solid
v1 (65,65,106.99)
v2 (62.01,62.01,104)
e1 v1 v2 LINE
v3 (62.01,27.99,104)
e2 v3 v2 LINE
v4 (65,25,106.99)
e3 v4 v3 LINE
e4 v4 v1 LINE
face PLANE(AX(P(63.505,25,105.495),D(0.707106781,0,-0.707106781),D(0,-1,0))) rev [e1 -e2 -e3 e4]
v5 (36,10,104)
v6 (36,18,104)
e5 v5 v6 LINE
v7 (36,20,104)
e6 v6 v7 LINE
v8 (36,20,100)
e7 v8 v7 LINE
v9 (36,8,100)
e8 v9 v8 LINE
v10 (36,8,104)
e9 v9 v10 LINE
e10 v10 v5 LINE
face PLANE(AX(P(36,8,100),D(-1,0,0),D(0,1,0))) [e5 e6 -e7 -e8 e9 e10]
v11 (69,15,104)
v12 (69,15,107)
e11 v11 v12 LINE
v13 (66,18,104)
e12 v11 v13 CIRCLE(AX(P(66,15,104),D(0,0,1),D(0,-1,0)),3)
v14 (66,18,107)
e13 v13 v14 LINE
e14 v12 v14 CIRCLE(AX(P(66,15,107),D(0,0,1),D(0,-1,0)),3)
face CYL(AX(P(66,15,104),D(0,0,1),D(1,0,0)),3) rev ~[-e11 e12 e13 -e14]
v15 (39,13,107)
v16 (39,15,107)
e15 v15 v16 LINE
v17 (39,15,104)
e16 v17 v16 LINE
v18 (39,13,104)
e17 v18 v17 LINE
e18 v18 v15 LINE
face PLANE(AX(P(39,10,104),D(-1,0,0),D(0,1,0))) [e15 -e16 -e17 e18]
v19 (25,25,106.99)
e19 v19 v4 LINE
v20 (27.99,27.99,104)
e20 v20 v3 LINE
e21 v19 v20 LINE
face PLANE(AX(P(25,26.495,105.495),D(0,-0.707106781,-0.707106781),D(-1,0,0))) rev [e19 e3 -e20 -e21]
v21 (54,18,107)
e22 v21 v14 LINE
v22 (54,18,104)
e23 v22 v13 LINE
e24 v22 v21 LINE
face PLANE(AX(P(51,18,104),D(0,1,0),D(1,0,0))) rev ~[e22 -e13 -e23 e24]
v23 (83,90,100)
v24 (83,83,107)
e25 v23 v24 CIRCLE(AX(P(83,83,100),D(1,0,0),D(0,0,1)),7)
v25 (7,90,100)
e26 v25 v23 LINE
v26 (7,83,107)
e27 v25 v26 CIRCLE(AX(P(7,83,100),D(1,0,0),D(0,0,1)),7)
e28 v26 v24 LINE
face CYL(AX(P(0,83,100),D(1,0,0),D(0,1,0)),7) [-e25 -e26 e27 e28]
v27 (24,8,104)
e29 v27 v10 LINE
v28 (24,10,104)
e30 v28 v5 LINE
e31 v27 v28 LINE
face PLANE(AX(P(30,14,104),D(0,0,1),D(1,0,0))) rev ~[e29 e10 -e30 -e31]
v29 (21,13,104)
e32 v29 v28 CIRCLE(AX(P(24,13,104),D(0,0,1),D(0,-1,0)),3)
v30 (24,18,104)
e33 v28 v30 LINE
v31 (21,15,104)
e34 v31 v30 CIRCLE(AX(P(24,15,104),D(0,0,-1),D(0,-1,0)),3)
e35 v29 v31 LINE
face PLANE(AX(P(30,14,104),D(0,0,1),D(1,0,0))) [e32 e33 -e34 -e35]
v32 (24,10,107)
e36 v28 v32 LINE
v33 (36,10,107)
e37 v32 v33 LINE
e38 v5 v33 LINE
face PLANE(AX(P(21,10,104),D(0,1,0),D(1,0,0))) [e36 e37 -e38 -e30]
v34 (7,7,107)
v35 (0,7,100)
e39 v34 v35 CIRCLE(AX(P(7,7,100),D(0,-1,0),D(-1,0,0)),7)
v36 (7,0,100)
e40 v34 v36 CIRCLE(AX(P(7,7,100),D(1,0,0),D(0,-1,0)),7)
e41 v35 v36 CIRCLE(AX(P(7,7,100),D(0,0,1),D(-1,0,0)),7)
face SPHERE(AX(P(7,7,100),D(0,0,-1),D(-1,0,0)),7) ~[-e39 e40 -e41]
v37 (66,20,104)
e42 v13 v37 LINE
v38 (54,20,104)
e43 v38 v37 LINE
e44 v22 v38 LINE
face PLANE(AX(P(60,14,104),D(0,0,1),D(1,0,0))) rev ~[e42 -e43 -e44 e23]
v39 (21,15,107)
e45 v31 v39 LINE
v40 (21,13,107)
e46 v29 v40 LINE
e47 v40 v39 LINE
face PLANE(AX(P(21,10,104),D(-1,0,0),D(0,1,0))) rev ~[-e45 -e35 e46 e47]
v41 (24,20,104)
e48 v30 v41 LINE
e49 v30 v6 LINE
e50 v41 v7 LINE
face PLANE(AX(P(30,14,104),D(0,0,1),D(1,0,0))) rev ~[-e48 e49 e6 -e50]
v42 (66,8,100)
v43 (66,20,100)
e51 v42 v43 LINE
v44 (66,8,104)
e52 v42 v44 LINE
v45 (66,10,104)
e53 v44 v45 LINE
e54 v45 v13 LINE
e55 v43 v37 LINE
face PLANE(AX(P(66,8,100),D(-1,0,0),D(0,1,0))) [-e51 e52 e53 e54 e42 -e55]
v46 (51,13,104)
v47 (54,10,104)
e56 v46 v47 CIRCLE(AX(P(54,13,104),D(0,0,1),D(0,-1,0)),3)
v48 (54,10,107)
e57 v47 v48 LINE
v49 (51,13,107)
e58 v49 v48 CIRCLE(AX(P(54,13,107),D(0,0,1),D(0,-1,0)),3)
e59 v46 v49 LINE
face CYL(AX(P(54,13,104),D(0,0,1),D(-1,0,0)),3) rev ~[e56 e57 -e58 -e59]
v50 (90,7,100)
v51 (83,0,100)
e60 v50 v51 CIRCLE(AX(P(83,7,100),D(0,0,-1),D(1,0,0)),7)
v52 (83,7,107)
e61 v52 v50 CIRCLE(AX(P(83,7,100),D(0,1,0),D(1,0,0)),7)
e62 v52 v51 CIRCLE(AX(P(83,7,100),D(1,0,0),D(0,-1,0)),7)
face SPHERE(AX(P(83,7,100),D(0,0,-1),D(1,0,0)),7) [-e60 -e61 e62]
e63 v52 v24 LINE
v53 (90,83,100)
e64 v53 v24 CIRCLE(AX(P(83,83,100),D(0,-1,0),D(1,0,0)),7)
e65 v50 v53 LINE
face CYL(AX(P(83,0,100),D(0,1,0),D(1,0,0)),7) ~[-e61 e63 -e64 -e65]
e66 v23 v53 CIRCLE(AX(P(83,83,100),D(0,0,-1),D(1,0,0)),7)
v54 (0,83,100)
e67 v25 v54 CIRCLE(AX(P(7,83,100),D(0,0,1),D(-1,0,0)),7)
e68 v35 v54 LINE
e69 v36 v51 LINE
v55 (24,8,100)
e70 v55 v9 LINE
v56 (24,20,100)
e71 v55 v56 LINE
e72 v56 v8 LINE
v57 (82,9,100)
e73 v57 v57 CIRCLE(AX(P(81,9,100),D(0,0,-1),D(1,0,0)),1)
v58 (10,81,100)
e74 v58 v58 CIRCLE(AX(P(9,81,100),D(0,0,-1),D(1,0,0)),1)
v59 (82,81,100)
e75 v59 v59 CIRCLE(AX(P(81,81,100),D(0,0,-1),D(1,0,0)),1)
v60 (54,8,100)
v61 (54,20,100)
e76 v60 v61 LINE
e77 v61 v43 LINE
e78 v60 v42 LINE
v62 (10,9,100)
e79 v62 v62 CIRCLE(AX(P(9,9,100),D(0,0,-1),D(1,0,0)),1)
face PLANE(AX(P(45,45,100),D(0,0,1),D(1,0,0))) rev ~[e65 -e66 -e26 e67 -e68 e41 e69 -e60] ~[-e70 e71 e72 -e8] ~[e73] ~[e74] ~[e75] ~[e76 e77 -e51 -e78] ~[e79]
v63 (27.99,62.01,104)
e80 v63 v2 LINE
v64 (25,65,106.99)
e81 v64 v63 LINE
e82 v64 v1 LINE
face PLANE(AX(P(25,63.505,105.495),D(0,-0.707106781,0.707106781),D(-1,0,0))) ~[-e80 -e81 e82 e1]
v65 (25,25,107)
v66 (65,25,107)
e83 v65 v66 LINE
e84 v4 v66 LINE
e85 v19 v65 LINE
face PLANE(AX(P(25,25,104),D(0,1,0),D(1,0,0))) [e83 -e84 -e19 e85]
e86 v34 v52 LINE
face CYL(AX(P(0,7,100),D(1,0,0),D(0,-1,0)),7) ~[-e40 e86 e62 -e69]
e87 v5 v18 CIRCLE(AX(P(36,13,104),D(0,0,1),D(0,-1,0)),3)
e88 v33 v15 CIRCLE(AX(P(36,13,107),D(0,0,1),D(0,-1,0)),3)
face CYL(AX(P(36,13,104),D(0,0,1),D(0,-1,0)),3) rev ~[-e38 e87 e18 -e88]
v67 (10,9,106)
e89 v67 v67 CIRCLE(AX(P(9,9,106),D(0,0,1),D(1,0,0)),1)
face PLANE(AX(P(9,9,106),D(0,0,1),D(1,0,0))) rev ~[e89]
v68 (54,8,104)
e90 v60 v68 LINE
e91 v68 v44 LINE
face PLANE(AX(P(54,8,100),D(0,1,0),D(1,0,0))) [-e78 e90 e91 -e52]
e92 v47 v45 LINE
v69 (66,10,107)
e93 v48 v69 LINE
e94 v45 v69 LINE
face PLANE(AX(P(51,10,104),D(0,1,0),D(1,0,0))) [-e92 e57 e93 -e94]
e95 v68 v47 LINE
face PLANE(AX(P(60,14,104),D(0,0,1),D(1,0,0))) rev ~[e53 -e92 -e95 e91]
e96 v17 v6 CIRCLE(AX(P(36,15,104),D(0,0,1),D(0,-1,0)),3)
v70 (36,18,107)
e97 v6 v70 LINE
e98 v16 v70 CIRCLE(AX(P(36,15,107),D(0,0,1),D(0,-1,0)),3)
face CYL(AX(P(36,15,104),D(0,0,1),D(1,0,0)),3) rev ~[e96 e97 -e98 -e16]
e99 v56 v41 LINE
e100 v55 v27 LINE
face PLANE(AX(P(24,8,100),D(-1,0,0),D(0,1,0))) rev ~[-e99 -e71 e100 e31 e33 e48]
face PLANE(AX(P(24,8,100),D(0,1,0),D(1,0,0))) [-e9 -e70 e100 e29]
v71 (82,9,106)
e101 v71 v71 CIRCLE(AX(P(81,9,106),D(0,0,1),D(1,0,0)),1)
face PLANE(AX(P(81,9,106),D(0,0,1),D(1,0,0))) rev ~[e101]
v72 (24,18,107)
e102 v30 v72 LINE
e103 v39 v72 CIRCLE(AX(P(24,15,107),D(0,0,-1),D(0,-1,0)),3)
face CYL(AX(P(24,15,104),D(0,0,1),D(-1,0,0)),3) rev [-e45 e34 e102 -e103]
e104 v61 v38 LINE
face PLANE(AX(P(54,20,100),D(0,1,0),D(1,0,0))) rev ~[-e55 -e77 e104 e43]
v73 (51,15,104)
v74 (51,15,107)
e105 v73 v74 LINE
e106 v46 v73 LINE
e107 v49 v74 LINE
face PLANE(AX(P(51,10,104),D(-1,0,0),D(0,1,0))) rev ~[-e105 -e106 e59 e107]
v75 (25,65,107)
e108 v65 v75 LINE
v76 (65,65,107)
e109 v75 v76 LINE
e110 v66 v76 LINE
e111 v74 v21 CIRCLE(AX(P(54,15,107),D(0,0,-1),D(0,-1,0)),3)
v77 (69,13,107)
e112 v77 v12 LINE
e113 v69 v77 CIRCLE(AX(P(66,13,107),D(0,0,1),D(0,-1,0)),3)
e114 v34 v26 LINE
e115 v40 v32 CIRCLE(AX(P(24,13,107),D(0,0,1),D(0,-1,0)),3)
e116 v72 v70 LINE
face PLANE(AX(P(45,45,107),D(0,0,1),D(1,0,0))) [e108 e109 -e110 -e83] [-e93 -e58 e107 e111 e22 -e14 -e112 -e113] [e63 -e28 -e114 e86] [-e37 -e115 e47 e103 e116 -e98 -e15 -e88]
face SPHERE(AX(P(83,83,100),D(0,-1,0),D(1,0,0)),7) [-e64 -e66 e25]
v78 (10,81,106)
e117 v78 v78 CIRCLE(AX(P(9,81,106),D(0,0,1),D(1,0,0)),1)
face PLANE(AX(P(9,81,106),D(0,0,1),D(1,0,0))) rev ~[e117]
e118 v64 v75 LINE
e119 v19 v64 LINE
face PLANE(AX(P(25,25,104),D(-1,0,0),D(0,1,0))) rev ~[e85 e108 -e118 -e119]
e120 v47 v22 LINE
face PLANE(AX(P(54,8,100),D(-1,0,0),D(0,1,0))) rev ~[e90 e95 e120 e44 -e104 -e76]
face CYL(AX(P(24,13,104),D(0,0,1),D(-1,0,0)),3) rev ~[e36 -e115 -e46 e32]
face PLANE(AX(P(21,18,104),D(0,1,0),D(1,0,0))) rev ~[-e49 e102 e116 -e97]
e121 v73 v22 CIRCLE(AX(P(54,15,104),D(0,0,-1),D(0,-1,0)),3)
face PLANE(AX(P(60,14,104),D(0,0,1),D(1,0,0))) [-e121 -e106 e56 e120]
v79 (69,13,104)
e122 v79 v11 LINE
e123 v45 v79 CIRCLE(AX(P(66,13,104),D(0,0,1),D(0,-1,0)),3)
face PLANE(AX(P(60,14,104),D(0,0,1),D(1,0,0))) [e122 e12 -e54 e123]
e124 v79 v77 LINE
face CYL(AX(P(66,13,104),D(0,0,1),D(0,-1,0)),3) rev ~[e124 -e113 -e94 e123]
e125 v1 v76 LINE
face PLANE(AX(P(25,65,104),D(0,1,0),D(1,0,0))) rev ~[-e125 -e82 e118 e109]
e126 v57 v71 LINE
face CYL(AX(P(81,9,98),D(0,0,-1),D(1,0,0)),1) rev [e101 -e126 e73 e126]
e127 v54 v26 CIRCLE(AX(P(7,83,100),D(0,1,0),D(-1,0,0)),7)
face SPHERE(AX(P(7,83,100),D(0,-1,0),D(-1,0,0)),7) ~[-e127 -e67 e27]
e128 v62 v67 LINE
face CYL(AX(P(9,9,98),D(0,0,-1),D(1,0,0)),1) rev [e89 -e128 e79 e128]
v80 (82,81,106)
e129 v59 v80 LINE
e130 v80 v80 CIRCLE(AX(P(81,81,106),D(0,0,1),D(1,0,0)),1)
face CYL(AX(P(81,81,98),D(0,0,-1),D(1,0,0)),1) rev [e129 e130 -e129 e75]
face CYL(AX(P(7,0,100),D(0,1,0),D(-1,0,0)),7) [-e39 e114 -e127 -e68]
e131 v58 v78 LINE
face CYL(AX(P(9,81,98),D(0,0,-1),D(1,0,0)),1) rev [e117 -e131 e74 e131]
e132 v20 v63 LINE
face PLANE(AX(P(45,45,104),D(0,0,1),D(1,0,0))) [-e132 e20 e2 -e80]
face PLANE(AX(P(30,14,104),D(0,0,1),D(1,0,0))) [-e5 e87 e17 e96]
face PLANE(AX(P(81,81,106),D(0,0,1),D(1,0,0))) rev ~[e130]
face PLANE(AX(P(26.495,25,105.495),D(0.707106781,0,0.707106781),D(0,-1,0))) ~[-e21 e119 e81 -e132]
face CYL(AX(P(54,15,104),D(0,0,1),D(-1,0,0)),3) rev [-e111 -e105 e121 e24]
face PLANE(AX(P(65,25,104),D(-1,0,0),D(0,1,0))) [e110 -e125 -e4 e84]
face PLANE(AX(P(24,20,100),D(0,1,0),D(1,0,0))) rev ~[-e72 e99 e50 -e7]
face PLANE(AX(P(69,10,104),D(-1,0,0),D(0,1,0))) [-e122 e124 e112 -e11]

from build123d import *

# Parameters (mm, degrees)
BOX067_W          = 12
BOX067_H          = 12
BOX067_DEPTH      = 4
BOX069_W          = 18
BOX069_H          = 8
BOX069_DEPTH      = 3
FILLET031_R       = 3
BOX068_W          = 18
BOX068_H          = 8
BOX068_DEPTH      = 3
FILLET032_R       = 3
BOX066_W          = 12
BOX066_H          = 12
BOX066_DEPTH      = 4
CYLINDER053_R     = 1
CYLINDER053_DEPTH = 8
CYLINDER063_R     = 1
CYLINDER063_DEPTH = 8
CYLINDER060_R     = 1
CYLINDER060_DEPTH = 8
CYLINDER050_R     = 1
CYLINDER050_DEPTH = 8
BOX007_W          = 40
BOX007_H          = 40
BOX007_DEPTH      = 3
CHAMFER009_SIZE   = 2.99
BOX065_W          = 90
BOX065_H          = 90
BOX065_DEPTH      = 66
BOX063_W          = 82
BOX063_H          = 82
BOX063_DEPTH      = 75
FILLET030_R       = 6
BOX064_W          = 90
BOX064_H          = 90
BOX064_DEPTH      = 87
FILLET028_R       = 7


with BuildPart() as cube044:
    # Box067 → Box067 (new body)
    with BuildSketch(Plane(origin=(54, 8, 80), x_dir=(1, 0, 0), z_dir=(0, 0, 1))):
        with Locations((6, 6)):
            Rectangle(BOX067_W, BOX067_H)
    extrude(amount=BOX067_DEPTH)


with BuildPart() as fillet031:
    # Box069 → Box069 (new body)
    with BuildSketch(Plane(origin=(21, 10, 84), x_dir=(1, 0, 0), z_dir=(0, 0, 1))):
        with Locations((9, 4)):
            Rectangle(BOX069_W, BOX069_H)
    extrude(amount=BOX069_DEPTH)

    # Fillet031
    fillet031_edges = [fillet031.edges().sort_by_distance(p)[0] for p in [
        (21, 10, 85.5),
        (21, 18, 85.5),
        (39, 10, 85.5),
        (39, 18, 85.5),
    ]]
    fillet(fillet031_edges, radius=FILLET031_R)


with BuildPart() as fillet032:
    # Box068 → Box068 (new body)
    with BuildSketch(Plane(origin=(51, 10, 84), x_dir=(1, 0, 0), z_dir=(0, 0, 1))):
        with Locations((9, 4)):
            Rectangle(BOX068_W, BOX068_H)
    extrude(amount=BOX068_DEPTH)

    # Fillet032
    fillet032_edges = [fillet032.edges().sort_by_distance(p)[0] for p in [
        (51, 10, 85.5),
        (51, 18, 85.5),
        (69, 10, 85.5),
        (69, 18, 85.5),
    ]]
    fillet(fillet032_edges, radius=FILLET032_R)


with BuildPart() as fusion006:
    # Box066 → Box066 (new body)
    with BuildSketch(Plane(origin=(24, 8, 80), x_dir=(1, 0, 0), z_dir=(0, 0, 1))):
        with Locations((6, 6)):
            Rectangle(BOX066_W, BOX066_H)
    extrude(amount=BOX066_DEPTH)

    # Fusion006: union Cube044, Fillet031, Fillet032
    add(cube044.part)
    add(fillet031.part)
    add(fillet032.part)


with BuildPart() as cylinder058:
    # Cylinder053 → Cylinder053 (new body)
    with BuildSketch(Plane(origin=(9, 9, 78), x_dir=(1, 0, 0), z_dir=(0, 0, 1))):
        Circle(CYLINDER053_R)
    extrude(amount=CYLINDER053_DEPTH)


with BuildPart() as cylinder060:
    # Cylinder063 → Cylinder063 (new body)
    with BuildSketch(Plane(origin=(81, 81, 78), x_dir=(1, 0, 0), z_dir=(0, 0, 1))):
        Circle(CYLINDER063_R)
    extrude(amount=CYLINDER063_DEPTH)


with BuildPart() as cylinder064:
    # Cylinder060 → Cylinder060 (new body)
    with BuildSketch(Plane(origin=(81, 9, 78), x_dir=(1, 0, 0), z_dir=(0, 0, 1))):
        Circle(CYLINDER060_R)
    extrude(amount=CYLINDER060_DEPTH)


with BuildPart() as fusion005:
    # Cylinder050 → Cylinder050 (new body)
    with BuildSketch(Plane(origin=(9, 81, 78), x_dir=(1, 0, 0), z_dir=(0, 0, 1))):
        Circle(CYLINDER050_R)
    extrude(amount=CYLINDER050_DEPTH)

    # Fusion005: union Cylinder058, Cylinder060, Cylinder064
    add(cylinder058.part)
    add(cylinder060.part)
    add(cylinder064.part)


with BuildPart() as chamfer009:
    # Box007 → Box007 (new body)
    with BuildSketch(Plane(origin=(25, 25, 84), x_dir=(1, 0, 0), z_dir=(0, 0, 1))):
        with Locations((20, 20)):
            Rectangle(BOX007_W, BOX007_H)
    extrude(amount=BOX007_DEPTH)

    # Chamfer009
    chamfer009_edges = [chamfer009.edges().sort_by_distance(p)[0] for p in [
        (25, 45, 84),
        (65, 45, 84),
        (45, 25, 84),
        (45, 65, 84),
    ]]
    chamfer(chamfer009_edges, length=CHAMFER009_SIZE)


with BuildPart() as cube042:
    # Box065 → Box065 (new body)
    with BuildSketch(Plane.XY.offset(80)):
        with Locations((45, 45)):
            Rectangle(BOX065_W, BOX065_H)
    extrude(amount=BOX065_DEPTH)


with BuildPart() as fillet030:
    # Box063 → Box063 (new body)
    with BuildSketch(Plane.XY):
        with Locations((41, 41)):
            Rectangle(BOX063_W, BOX063_H)
    extrude(amount=BOX063_DEPTH)

    # Fillet030
    fillet030_edges = [fillet030.edges().sort_by_distance(p)[0] for p in [
        (0, 0, 37.5),
        (0, 41, 75),
        (0, 82, 37.5),
        (82, 0, 37.5),
        (82, 41, 75),
        (82, 82, 37.5),
        (41, 0, 75),
        (41, 82, 75),
    ]]
    fillet(fillet030_edges, radius=FILLET030_R)


with BuildPart() as fillet030_1:
    # Fillet030 placement: moved
    add(fillet030.part.moved(Location((4, 4, 4))))


with BuildPart() as top001:
    # Box064 → Box064 (new body)
    with BuildSketch(Plane.XY):
        with Locations((45, 45)):
            Rectangle(BOX064_W, BOX064_H)
    extrude(amount=BOX064_DEPTH)

    # Fillet028
    fillet028_edges = [top001.edges().sort_by_distance(p)[0] for p in [
        (0, 0, 43.5),
        (0, 45, 87),
        (0, 90, 43.5),
        (90, 0, 43.5),
        (90, 45, 87),
        (90, 90, 43.5),
        (45, 0, 87),
        (45, 90, 87),
    ]]
    fillet(fillet028_edges, radius=FILLET028_R)

    # Cut069: cut Fillet030
    add(fillet030_1.part, mode=Mode.SUBTRACT)

    # Common002: intersect Cube042
    add(cube042.part, mode=Mode.INTERSECT)

    # Cut070: cut Chamfer009
    add(chamfer009.part, mode=Mode.SUBTRACT)

    # Cut071: cut Fusion005
    add(fusion005.part, mode=Mode.SUBTRACT)

    # Cut072: cut Fusion006
    add(fusion006.part, mode=Mode.SUBTRACT)


with BuildPart() as top001_1:
    # Cut072 placement: moved
    add(top001.part.moved(Location((0, 0, 20))))


solid = top001_1.part
